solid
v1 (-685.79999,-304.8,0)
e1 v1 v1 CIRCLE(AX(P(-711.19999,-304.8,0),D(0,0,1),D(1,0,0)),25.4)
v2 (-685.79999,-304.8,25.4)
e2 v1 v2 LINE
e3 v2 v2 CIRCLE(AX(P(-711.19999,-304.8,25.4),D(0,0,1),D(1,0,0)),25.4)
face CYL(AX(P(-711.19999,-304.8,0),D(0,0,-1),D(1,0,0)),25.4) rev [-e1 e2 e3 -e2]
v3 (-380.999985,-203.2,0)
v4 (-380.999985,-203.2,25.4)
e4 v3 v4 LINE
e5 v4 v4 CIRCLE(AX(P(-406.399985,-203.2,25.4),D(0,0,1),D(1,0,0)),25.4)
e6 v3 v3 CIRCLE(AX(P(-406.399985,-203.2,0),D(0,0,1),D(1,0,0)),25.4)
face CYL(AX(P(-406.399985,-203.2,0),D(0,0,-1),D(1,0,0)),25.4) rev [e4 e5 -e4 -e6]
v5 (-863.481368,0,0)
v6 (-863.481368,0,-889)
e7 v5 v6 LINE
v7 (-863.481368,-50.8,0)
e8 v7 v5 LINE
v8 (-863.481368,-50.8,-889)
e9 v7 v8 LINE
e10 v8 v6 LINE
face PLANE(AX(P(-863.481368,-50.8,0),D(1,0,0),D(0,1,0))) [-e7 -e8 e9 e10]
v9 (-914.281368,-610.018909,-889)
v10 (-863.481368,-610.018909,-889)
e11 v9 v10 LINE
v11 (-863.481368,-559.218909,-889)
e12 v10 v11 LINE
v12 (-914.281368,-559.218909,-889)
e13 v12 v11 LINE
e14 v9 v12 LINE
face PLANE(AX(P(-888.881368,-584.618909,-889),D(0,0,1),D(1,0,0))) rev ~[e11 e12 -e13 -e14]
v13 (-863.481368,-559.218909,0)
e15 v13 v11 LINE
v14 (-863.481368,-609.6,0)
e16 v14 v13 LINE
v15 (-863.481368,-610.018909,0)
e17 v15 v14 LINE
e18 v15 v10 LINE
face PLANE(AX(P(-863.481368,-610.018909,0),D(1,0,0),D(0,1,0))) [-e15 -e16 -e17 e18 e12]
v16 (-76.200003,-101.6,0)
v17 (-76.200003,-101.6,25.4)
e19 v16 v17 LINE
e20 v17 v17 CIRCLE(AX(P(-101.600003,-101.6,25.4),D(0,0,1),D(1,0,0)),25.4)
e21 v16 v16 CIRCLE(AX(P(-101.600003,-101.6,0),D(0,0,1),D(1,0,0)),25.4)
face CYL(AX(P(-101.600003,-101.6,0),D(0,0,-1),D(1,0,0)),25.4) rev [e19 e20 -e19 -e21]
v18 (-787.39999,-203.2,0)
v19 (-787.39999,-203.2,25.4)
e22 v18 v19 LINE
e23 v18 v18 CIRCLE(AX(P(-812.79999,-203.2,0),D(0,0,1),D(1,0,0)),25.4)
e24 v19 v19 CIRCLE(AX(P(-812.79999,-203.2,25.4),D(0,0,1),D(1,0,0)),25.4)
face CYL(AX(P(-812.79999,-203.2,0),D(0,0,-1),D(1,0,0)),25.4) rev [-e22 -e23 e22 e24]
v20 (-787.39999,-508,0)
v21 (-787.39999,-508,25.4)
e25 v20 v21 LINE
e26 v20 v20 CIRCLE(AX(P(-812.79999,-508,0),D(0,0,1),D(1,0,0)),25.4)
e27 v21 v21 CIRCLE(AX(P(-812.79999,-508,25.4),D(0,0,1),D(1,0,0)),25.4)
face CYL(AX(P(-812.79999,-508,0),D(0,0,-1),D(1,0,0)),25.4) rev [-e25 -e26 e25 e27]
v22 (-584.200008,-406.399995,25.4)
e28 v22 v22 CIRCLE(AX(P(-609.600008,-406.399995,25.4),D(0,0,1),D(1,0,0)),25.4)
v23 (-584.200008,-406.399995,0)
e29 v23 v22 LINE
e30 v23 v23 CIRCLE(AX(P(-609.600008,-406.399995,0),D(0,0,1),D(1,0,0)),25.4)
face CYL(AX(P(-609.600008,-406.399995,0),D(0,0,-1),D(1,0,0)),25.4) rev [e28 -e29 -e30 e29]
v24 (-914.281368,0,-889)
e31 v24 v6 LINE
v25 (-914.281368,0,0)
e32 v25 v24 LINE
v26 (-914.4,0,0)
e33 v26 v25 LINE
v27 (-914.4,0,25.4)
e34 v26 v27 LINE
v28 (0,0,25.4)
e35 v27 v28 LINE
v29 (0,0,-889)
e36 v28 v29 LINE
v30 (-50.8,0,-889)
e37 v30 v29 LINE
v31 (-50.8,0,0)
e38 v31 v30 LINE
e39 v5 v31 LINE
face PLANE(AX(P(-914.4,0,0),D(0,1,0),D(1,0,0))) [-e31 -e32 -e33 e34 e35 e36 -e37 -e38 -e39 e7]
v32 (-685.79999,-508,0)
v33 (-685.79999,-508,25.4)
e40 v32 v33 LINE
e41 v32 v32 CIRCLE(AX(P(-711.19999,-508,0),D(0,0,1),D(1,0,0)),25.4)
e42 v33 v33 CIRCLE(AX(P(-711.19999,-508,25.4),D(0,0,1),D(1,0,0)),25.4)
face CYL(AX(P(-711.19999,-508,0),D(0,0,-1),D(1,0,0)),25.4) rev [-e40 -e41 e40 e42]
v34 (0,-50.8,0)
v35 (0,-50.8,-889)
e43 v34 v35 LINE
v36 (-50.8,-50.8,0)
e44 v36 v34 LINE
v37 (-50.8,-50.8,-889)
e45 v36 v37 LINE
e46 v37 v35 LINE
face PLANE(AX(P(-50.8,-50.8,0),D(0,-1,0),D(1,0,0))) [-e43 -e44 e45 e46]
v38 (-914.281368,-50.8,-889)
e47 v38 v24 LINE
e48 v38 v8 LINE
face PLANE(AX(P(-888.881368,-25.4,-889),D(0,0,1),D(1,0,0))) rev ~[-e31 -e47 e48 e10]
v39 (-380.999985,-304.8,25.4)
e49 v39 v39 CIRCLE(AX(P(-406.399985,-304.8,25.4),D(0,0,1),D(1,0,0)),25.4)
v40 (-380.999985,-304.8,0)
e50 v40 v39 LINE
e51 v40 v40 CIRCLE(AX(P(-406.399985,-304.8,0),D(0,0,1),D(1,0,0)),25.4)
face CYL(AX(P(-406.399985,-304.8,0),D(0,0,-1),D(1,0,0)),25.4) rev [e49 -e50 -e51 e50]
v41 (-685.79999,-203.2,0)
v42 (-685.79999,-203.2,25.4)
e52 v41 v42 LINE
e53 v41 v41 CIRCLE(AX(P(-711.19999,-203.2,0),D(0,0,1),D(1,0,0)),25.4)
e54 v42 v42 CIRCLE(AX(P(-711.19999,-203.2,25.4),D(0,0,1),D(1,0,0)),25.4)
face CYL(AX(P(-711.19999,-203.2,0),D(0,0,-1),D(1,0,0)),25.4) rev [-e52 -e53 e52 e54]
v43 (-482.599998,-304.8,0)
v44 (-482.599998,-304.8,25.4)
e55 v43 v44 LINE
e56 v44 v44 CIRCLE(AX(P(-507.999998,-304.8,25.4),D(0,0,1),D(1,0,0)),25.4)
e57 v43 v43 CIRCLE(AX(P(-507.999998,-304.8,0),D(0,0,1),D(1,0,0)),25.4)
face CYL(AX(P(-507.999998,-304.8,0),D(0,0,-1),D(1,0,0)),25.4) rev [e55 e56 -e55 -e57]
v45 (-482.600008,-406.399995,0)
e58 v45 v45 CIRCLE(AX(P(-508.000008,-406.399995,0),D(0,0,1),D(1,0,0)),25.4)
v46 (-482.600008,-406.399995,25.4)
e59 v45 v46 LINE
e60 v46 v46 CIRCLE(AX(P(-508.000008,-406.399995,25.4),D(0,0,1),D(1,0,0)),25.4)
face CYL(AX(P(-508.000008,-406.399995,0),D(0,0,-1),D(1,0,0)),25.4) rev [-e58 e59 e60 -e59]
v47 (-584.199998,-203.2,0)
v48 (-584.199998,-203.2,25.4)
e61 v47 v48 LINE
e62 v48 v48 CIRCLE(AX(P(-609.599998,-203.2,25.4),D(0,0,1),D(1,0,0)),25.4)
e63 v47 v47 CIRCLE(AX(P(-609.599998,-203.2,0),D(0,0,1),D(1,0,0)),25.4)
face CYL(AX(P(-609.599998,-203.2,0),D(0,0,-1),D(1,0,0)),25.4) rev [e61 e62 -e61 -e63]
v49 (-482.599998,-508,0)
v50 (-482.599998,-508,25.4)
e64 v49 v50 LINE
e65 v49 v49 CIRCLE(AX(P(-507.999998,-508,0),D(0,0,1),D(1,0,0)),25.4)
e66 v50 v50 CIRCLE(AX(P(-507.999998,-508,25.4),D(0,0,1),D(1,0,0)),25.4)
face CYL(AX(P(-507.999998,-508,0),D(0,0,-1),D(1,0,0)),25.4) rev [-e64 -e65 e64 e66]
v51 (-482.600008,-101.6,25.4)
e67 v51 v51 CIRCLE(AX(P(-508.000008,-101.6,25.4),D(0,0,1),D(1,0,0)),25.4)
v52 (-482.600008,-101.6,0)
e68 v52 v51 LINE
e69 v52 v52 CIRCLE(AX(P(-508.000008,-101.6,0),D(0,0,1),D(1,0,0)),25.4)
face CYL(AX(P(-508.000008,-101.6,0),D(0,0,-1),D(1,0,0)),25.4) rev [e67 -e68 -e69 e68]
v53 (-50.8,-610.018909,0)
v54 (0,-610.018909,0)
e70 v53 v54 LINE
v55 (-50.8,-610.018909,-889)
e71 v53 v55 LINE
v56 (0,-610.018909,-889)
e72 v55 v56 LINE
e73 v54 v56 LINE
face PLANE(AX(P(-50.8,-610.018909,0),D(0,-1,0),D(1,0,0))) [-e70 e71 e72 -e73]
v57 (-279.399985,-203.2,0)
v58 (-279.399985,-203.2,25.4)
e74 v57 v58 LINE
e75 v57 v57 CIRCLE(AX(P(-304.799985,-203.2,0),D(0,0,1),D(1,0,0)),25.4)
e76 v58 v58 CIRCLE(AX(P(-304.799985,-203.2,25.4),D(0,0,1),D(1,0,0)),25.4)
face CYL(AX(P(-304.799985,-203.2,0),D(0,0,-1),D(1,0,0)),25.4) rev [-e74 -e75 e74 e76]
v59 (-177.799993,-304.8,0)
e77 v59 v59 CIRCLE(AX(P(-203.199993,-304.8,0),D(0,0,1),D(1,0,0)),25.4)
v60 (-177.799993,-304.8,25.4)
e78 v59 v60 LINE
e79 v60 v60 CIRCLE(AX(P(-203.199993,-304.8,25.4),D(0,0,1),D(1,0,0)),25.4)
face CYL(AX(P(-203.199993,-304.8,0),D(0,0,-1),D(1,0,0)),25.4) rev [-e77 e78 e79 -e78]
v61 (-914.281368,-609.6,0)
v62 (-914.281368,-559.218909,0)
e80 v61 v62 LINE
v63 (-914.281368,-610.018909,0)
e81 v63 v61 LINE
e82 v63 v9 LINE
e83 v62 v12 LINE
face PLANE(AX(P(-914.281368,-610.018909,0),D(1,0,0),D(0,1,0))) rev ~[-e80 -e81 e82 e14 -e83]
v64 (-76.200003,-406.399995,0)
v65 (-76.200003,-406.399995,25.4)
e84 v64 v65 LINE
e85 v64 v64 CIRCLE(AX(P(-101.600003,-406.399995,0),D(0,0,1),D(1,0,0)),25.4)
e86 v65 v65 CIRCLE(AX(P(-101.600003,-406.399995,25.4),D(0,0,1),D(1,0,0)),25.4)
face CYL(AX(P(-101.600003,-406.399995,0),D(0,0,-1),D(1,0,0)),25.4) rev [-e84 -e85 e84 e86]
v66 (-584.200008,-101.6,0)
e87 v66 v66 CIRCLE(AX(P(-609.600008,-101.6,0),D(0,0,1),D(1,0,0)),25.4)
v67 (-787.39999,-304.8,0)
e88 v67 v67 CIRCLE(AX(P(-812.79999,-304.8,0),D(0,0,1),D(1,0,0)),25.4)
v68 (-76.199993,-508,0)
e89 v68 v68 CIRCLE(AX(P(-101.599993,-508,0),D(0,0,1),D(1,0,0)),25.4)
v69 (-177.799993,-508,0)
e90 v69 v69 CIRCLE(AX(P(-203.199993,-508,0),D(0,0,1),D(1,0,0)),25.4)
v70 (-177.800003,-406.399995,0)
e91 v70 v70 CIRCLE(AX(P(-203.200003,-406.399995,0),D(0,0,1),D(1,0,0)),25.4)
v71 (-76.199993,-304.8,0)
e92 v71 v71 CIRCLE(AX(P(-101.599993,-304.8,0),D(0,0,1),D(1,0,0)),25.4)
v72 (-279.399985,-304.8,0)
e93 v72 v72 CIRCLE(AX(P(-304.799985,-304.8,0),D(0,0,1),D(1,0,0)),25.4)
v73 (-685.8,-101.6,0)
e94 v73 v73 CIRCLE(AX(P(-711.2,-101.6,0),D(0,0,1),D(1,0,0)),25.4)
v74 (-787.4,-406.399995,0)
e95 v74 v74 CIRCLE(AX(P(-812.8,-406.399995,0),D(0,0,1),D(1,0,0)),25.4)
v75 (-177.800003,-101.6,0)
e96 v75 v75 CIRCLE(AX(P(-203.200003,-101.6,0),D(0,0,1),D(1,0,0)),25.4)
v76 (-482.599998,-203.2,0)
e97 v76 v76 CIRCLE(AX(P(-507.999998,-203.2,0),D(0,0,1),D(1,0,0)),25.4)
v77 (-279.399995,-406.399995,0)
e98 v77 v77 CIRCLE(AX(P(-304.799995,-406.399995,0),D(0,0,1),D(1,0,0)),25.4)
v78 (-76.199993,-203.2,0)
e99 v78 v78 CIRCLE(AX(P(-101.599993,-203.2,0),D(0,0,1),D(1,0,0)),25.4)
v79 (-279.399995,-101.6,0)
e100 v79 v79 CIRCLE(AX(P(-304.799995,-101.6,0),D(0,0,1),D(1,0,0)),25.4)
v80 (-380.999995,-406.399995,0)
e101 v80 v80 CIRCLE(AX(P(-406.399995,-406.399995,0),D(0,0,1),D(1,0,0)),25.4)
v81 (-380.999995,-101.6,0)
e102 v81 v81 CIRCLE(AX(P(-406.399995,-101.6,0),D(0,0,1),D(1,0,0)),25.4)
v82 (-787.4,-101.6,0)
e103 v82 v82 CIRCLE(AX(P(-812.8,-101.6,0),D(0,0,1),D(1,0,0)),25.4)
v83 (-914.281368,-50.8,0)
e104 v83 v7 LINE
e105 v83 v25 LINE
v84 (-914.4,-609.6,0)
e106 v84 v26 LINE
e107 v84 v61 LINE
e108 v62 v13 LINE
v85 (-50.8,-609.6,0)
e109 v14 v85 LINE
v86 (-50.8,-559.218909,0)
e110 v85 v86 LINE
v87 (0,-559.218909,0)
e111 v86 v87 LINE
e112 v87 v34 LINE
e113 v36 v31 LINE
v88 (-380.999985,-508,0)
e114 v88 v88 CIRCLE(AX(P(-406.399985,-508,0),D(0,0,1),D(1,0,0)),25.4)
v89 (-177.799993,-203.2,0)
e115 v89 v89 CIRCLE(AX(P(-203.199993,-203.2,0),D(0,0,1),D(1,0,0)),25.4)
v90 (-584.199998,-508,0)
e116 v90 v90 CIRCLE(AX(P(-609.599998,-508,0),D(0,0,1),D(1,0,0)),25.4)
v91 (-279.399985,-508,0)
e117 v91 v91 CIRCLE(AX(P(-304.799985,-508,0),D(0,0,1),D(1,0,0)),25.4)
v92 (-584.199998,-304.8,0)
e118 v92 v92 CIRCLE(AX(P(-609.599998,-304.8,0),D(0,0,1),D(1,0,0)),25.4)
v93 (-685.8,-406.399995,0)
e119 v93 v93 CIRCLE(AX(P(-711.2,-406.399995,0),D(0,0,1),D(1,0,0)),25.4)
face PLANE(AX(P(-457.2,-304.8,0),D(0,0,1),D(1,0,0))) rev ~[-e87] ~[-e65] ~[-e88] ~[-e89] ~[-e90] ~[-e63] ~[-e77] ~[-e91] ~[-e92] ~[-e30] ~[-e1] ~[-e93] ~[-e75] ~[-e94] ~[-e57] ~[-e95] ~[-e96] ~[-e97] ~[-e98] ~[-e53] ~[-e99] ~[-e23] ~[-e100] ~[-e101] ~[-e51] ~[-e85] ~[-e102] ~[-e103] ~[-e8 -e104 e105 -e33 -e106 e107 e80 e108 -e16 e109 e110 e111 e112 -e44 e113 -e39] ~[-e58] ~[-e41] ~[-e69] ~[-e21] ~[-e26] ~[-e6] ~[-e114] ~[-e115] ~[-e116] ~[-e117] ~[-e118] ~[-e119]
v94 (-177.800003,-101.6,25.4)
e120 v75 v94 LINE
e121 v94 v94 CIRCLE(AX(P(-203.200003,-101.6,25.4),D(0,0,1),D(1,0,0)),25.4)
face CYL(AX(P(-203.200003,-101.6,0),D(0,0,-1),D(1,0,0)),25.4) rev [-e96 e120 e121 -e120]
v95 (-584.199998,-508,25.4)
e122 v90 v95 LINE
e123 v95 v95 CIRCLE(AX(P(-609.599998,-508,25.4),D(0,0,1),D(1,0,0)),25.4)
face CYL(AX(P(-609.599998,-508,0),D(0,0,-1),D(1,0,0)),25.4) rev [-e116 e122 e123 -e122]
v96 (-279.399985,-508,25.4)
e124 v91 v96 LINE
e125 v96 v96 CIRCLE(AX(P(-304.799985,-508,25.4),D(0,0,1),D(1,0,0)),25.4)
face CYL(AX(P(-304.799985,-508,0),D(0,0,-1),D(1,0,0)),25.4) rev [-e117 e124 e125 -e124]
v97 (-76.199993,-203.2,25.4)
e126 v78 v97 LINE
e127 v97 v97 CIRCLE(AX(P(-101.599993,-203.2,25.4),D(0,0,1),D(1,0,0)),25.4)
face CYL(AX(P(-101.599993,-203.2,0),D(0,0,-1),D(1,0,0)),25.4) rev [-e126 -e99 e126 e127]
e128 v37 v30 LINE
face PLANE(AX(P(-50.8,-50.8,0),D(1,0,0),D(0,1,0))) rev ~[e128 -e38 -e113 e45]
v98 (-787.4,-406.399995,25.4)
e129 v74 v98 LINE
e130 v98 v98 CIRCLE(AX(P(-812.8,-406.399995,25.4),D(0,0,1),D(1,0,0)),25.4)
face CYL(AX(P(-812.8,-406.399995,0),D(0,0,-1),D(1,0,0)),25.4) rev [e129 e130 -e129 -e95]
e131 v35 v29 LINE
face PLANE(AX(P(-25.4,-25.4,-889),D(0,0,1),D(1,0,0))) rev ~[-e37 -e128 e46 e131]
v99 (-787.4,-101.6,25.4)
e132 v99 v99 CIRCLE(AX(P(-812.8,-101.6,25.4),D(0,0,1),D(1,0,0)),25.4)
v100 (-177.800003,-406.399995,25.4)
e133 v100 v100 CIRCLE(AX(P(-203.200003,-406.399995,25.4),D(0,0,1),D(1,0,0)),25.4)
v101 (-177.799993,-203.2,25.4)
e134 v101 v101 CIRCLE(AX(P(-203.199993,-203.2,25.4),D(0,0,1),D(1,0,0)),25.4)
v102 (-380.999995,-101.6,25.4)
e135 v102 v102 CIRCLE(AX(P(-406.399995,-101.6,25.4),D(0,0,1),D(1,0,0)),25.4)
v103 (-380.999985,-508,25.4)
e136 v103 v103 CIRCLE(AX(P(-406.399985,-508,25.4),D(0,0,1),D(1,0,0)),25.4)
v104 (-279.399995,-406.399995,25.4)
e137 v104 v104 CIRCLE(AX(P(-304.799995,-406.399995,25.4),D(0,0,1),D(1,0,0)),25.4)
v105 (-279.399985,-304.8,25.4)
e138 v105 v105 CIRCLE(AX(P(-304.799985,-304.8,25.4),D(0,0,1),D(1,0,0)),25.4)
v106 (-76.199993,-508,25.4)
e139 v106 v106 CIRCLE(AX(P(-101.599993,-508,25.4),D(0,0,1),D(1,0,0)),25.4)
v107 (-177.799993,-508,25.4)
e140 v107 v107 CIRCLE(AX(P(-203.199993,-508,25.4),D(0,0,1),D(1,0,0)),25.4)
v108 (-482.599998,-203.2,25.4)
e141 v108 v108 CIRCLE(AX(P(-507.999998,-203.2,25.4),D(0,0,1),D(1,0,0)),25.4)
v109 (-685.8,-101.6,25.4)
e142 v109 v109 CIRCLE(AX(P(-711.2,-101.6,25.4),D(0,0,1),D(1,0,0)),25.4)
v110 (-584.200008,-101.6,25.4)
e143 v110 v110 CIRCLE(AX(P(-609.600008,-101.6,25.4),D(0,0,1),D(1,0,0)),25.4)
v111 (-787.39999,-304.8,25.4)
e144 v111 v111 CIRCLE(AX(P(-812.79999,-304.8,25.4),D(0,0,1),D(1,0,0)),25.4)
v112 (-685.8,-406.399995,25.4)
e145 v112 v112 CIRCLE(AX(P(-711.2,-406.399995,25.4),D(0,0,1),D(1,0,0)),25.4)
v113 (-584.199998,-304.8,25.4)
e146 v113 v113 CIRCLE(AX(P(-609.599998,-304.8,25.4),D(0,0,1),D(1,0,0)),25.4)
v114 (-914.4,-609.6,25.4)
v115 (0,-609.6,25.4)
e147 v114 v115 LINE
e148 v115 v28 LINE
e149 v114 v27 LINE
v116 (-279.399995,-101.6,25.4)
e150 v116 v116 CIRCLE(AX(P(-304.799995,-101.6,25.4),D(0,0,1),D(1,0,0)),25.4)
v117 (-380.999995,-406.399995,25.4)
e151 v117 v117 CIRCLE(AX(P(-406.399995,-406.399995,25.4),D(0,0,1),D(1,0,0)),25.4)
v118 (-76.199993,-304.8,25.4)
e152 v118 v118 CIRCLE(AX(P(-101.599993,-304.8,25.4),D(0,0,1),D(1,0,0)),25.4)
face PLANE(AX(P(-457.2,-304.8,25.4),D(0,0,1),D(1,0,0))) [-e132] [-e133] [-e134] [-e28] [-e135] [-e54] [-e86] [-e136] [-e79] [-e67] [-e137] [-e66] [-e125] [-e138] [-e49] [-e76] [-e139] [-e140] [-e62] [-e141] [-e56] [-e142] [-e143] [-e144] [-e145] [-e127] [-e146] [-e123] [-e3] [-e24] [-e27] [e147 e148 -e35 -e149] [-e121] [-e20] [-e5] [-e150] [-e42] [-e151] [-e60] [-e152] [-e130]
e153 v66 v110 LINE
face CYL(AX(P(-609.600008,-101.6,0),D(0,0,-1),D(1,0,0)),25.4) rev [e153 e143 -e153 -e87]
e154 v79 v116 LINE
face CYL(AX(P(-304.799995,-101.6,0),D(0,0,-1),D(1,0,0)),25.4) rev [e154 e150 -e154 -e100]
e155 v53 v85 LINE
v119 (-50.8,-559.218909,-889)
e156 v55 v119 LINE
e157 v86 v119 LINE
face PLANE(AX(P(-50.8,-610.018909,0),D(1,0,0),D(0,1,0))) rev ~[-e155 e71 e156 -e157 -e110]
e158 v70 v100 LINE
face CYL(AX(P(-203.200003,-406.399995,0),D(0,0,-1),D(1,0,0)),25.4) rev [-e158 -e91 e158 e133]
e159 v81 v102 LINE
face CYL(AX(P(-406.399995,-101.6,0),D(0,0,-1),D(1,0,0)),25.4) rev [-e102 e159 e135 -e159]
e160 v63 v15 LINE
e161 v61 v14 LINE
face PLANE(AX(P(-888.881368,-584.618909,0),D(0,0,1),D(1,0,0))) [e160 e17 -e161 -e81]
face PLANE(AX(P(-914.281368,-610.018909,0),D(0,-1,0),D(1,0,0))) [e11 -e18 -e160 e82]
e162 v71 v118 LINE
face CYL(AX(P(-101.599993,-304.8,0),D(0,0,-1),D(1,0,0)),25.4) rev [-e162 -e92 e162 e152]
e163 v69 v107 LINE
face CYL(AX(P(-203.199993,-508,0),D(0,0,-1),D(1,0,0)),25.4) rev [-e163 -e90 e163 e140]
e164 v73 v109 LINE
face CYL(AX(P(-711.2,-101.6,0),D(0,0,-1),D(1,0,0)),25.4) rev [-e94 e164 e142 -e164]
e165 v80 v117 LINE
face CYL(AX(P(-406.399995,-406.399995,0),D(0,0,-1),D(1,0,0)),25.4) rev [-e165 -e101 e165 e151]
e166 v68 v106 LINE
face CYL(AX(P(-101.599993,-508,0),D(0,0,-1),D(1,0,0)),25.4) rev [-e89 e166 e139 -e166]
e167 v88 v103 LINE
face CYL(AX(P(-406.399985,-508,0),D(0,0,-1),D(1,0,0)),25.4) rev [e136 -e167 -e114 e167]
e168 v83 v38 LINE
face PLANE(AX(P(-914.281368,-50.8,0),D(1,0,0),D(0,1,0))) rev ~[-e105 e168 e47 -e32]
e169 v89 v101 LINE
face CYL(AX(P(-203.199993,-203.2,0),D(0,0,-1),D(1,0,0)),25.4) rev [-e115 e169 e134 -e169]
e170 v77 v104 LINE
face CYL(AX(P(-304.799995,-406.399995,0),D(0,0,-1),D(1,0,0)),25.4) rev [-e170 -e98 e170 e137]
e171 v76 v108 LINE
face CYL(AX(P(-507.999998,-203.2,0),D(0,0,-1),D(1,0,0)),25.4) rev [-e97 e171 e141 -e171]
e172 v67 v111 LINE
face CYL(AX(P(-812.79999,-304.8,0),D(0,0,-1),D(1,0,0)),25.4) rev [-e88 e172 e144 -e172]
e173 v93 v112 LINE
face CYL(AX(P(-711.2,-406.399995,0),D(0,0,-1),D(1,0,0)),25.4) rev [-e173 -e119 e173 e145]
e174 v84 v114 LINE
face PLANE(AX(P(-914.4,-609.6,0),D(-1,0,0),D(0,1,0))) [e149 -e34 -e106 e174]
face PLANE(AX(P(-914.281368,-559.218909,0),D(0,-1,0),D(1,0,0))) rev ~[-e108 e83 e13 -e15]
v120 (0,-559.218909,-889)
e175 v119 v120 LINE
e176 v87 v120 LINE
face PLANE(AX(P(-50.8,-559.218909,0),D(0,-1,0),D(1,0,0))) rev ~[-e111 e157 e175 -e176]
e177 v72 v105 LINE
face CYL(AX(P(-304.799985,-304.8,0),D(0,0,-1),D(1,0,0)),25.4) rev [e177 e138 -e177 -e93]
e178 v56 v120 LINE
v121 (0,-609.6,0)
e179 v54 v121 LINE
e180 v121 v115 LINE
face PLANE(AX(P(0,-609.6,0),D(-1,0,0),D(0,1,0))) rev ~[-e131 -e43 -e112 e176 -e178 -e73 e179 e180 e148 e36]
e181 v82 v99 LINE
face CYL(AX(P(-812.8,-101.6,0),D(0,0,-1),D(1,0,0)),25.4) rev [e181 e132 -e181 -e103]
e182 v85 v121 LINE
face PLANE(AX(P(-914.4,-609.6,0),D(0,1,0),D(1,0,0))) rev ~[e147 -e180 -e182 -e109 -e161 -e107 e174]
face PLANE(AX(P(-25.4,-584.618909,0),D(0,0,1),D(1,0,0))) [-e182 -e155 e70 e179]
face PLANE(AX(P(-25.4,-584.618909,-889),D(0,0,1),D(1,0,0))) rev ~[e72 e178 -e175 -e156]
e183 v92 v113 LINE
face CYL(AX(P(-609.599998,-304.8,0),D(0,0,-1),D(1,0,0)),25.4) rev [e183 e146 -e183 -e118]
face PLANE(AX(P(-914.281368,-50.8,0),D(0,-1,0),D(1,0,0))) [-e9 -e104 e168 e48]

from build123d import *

# Parameters (mm, degrees)
F0_W     = 914.4
F0_H     = 609.6
F0_R     = 25.4
F1_DEPTH = 25.4
F2_W     = 50.8
F2_H     = 50.8
F3_DEPTH = 889


with BuildPart() as f1:
    # F0 (on Top) → F1 (new body)
    with BuildSketch(Plane.XY):
        with Locations((-457.2, -304.8)):
            Rectangle(F0_W, F0_H)
        with Locations((-812.79999, -508)):
            Circle(F0_R, mode=Mode.SUBTRACT)
        with Locations((-711.19999, -508)):
            Circle(F0_R, mode=Mode.SUBTRACT)
        with Locations((-609.599998, -508)):
            Circle(F0_R, mode=Mode.SUBTRACT)
        with Locations((-507.999998, -508)):
            Circle(F0_R, mode=Mode.SUBTRACT)
        with Locations((-812.8, -406.399995)):
            Circle(F0_R, mode=Mode.SUBTRACT)
        with Locations((-711.2, -406.399995)):
            Circle(F0_R, mode=Mode.SUBTRACT)
        with Locations((-609.600008, -406.399995)):
            Circle(F0_R, mode=Mode.SUBTRACT)
        with Locations((-508.000008, -406.399995)):
            Circle(F0_R, mode=Mode.SUBTRACT)
        with Locations((-406.399985, -508)):
            Circle(F0_R, mode=Mode.SUBTRACT)
        with Locations((-304.799985, -508)):
            Circle(F0_R, mode=Mode.SUBTRACT)
        with Locations((-203.199993, -508)):
            Circle(F0_R, mode=Mode.SUBTRACT)
        with Locations((-101.599993, -508)):
            Circle(F0_R, mode=Mode.SUBTRACT)
        with Locations((-406.399995, -406.399995)):
            Circle(F0_R, mode=Mode.SUBTRACT)
        with Locations((-304.799995, -406.399995)):
            Circle(F0_R, mode=Mode.SUBTRACT)
        with Locations((-203.200003, -406.399995)):
            Circle(F0_R, mode=Mode.SUBTRACT)
        with Locations((-101.600003, -406.399995)):
            Circle(F0_R, mode=Mode.SUBTRACT)
        with Locations((-812.79999, -304.8)):
            Circle(F0_R, mode=Mode.SUBTRACT)
        with Locations((-711.19999, -304.8)):
            Circle(F0_R, mode=Mode.SUBTRACT)
        with Locations((-812.79999, -203.2)):
            Circle(F0_R, mode=Mode.SUBTRACT)
        with Locations((-711.19999, -203.2)):
            Circle(F0_R, mode=Mode.SUBTRACT)
        with Locations((-609.599998, -304.8)):
            Circle(F0_R, mode=Mode.SUBTRACT)
        with Locations((-507.999998, -304.8)):
            Circle(F0_R, mode=Mode.SUBTRACT)
        with Locations((-609.599998, -203.2)):
            Circle(F0_R, mode=Mode.SUBTRACT)
        with Locations((-507.999998, -203.2)):
            Circle(F0_R, mode=Mode.SUBTRACT)
        with Locations((-812.8, -101.6)):
            Circle(F0_R, mode=Mode.SUBTRACT)
        with Locations((-711.2, -101.6)):
            Circle(F0_R, mode=Mode.SUBTRACT)
        with Locations((-609.600008, -101.6)):
            Circle(F0_R, mode=Mode.SUBTRACT)
        with Locations((-508.000008, -101.6)):
            Circle(F0_R, mode=Mode.SUBTRACT)
        with Locations((-406.399985, -304.8)):
            Circle(F0_R, mode=Mode.SUBTRACT)
        with Locations((-304.799985, -304.8)):
            Circle(F0_R, mode=Mode.SUBTRACT)
        with Locations((-406.399985, -203.2)):
            Circle(F0_R, mode=Mode.SUBTRACT)
        with Locations((-304.799985, -203.2)):
            Circle(F0_R, mode=Mode.SUBTRACT)
        with Locations((-203.199993, -304.8)):
            Circle(F0_R, mode=Mode.SUBTRACT)
        with Locations((-101.599993, -304.8)):
            Circle(F0_R, mode=Mode.SUBTRACT)
        with Locations((-203.199993, -203.2)):
            Circle(F0_R, mode=Mode.SUBTRACT)
        with Locations((-101.599993, -203.2)):
            Circle(F0_R, mode=Mode.SUBTRACT)
        with Locations((-406.399995, -101.6)):
            Circle(F0_R, mode=Mode.SUBTRACT)
        with Locations((-304.799995, -101.6)):
            Circle(F0_R, mode=Mode.SUBTRACT)
        with Locations((-203.200003, -101.6)):
            Circle(F0_R, mode=Mode.SUBTRACT)
        with Locations((-101.600003, -101.6)):
            Circle(F0_R, mode=Mode.SUBTRACT)
    extrude(amount=F1_DEPTH)

    # F2 (on Top) → F3 (join)
    with BuildSketch(Plane.XY):
        with Locations((-888.881368, -584.618909)):
            Rectangle(F2_W, F2_H)
        with Locations((-25.4, -584.618909)):
            Rectangle(F2_W, F2_H)
        with Locations((-25.4, -25.4)):
            Rectangle(F2_W, F2_H)
        with Locations((-888.881368, -25.4)):
            Rectangle(F2_W, F2_H)
    extrude(amount=-F3_DEPTH)


solid = f1.part
